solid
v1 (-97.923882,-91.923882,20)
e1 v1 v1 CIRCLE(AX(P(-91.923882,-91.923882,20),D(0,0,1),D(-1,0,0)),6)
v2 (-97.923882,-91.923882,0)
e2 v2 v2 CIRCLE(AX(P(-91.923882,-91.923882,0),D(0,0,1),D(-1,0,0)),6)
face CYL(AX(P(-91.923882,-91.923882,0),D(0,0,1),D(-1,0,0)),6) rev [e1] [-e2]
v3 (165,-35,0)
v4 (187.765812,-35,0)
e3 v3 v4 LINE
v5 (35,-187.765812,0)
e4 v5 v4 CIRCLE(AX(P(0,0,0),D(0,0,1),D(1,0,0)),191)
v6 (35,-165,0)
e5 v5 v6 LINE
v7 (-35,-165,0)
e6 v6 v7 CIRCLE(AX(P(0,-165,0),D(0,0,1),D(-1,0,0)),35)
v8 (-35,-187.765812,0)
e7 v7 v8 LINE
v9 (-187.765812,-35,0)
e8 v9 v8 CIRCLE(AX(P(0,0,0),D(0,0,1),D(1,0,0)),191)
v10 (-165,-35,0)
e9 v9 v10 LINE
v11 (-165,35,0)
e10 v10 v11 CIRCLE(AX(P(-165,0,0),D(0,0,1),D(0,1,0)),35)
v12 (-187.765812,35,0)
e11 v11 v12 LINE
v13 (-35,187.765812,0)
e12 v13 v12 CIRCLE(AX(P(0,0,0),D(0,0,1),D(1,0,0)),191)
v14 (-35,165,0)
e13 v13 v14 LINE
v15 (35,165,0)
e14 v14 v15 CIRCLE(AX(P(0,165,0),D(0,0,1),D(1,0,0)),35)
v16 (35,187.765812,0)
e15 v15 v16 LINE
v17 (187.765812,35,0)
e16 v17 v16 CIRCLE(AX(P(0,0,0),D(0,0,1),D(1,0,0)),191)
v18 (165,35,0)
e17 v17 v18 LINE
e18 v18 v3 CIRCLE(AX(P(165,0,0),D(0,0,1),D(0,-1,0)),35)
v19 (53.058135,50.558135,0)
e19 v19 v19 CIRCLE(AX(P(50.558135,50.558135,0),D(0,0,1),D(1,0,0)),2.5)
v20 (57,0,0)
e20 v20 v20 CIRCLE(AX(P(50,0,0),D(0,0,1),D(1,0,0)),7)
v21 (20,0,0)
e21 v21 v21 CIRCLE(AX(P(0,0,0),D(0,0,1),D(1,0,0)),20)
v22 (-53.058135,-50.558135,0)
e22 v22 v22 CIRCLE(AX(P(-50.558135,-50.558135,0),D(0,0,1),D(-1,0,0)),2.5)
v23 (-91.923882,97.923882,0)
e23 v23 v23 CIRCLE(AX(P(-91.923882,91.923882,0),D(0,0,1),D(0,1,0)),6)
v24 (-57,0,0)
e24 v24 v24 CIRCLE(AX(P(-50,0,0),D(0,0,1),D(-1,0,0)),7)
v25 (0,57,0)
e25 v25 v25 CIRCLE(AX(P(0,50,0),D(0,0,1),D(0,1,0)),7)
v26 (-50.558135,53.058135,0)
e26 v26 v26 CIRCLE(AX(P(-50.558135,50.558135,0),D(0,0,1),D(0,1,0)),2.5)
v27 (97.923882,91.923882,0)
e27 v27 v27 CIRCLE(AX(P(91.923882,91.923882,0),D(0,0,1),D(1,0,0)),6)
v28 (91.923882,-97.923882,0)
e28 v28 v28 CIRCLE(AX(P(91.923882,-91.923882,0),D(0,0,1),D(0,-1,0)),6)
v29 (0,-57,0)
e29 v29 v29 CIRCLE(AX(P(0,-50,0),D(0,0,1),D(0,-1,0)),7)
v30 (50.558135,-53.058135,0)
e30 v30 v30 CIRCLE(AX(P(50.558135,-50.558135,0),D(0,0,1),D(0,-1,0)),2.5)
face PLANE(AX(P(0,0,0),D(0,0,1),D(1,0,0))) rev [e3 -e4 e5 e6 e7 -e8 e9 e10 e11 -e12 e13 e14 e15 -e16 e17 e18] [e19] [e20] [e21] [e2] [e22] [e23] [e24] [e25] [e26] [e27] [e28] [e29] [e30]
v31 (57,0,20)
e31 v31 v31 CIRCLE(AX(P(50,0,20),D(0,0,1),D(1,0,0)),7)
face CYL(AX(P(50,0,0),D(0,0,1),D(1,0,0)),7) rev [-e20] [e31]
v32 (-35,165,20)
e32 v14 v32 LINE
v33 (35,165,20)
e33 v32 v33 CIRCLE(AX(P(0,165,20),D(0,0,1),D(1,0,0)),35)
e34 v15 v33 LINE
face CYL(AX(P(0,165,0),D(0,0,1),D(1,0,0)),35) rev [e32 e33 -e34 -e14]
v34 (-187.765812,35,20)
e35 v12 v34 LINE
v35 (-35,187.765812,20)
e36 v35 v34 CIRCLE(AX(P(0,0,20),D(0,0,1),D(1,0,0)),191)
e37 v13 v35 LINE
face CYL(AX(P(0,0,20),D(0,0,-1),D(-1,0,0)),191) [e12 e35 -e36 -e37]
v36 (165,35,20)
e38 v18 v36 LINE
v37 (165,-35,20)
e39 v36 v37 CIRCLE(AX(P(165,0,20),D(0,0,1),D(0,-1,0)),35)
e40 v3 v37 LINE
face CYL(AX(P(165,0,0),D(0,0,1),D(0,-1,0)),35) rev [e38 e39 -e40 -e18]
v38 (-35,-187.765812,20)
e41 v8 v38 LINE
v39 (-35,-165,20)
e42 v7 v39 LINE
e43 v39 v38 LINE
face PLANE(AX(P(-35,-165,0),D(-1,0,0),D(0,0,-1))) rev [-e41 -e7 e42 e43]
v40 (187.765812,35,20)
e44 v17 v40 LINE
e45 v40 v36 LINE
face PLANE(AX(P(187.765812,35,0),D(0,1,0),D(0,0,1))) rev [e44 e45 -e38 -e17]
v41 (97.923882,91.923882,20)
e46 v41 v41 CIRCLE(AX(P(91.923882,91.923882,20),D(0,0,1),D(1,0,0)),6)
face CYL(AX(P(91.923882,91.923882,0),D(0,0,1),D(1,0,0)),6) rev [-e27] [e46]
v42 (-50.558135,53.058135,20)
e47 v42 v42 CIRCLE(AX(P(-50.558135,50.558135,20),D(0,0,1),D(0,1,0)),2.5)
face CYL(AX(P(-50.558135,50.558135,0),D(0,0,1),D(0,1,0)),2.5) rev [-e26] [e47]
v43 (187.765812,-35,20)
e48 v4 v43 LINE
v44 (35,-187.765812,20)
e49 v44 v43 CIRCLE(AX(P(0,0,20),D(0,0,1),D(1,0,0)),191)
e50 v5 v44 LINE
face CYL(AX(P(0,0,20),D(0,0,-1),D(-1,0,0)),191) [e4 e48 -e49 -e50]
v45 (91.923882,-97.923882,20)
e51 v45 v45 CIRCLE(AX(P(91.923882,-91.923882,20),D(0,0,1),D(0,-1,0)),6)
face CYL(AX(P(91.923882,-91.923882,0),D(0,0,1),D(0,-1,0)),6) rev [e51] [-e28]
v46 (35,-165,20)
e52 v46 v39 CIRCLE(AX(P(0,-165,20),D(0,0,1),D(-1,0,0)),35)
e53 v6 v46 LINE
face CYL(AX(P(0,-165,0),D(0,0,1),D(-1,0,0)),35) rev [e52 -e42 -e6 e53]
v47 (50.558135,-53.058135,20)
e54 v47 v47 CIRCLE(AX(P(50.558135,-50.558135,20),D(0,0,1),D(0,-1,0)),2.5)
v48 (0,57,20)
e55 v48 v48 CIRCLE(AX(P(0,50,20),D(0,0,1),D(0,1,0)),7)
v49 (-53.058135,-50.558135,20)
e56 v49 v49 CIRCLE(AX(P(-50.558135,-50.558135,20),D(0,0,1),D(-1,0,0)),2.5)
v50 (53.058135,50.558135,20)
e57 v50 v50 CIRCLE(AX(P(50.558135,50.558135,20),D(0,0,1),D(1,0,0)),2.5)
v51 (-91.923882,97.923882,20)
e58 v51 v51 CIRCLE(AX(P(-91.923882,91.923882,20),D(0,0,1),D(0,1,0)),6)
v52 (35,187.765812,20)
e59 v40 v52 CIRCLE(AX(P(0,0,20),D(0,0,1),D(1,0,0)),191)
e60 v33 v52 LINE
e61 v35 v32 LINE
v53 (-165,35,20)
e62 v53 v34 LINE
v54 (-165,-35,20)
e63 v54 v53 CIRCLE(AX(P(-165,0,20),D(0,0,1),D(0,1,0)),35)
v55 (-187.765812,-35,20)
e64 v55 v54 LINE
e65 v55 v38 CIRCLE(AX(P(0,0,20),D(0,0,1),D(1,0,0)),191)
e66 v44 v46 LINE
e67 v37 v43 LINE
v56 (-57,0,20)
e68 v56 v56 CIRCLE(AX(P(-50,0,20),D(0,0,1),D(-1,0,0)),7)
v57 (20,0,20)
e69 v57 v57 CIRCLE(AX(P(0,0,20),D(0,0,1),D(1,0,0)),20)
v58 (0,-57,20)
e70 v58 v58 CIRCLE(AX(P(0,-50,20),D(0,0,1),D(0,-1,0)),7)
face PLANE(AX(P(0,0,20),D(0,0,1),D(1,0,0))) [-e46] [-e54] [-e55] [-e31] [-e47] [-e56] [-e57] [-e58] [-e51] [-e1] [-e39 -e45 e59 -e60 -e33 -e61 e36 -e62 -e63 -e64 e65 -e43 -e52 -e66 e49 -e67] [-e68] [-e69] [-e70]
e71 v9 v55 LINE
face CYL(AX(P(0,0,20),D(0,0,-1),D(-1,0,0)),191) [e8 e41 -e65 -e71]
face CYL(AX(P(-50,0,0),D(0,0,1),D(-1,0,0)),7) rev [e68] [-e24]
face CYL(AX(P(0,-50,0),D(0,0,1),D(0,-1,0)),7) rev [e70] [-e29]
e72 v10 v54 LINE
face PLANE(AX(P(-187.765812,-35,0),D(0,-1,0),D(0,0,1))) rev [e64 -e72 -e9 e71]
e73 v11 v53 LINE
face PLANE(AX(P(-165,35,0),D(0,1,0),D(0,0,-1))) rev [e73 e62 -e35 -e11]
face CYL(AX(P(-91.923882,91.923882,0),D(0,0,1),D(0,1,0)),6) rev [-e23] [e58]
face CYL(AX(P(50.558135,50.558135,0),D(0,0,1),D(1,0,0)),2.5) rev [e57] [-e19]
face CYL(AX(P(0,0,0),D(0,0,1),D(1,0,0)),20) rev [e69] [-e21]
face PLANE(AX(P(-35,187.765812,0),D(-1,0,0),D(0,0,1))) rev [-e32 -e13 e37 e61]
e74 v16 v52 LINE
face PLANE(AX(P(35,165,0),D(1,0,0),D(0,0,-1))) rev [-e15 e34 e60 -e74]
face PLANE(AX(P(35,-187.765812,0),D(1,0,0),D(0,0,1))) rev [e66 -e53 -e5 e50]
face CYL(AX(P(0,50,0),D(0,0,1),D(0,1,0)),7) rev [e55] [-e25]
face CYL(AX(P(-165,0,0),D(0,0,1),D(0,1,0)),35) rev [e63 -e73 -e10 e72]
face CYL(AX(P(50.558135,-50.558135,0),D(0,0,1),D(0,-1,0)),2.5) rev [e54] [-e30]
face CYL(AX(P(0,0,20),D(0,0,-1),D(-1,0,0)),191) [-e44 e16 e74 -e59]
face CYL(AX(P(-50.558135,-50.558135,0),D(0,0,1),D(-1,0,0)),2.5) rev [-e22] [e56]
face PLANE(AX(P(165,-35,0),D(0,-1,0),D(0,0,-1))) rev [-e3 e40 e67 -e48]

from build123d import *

# Parameters (mm, degrees)
ESQUISSE1_R                  = 191
BASE_EXTRUSION_DEPTH         = 20
ESQUISSE2_R                  = 20
ENL_V_MAT_EXTRU_1_DEPTH      = 20
ESQUISSE3_R                  = 7
ENL_V_MAT_EXTRU_2_DEPTH      = 20
R_P_TITION_CIRCULAIRE1_COUNT = 4
ESQUISSE4_R                  = 6
ESQUISSE4_R_2                = 2.5
ENL_V_MAT_EXTRU_3_DEPTH      = 20
R_P_TITION_CIRCULAIRE2_COUNT = 4
ENL_V_MAT_EXTRU_4_DEPTH      = 271.854204324
R_P_TITION_CIRCULAIRE3_COUNT = 4


with BuildPart() as part:
    # Esquisse1 → Base-Extrusion (new body)
    with BuildSketch(Plane.XY):
        Circle(ESQUISSE1_R)
    extrude(amount=BASE_EXTRUSION_DEPTH)

    # Esquisse2 → Enlèv. mat.-Extru.1 (cut)
    with BuildSketch(Plane.XY.offset(20)):
        Circle(ESQUISSE2_R)
    extrude(amount=-ENL_V_MAT_EXTRU_1_DEPTH, mode=Mode.SUBTRACT)

    # Esquisse3 → Enlèv. mat.-Extru.2 (cut)
    with BuildSketch(Plane.XY.offset(20)):
        with Locations((50, 0)):
            Circle(ESQUISSE3_R)
    enl_v_mat_extru_2 = extrude(amount=-ENL_V_MAT_EXTRU_2_DEPTH, mode=Mode.SUBTRACT)

    # Répétition circulaire1: Enlèv. mat.-Extru.2 ×4 about axis
    r_p_tition_circulaire1_axis = Axis((0, 0, 0), (0, 0, -1))
    for i in range(1, R_P_TITION_CIRCULAIRE1_COUNT):
        add(enl_v_mat_extru_2.rotate(r_p_tition_circulaire1_axis, i * 360 / R_P_TITION_CIRCULAIRE1_COUNT), mode=Mode.SUBTRACT)

    # Esquisse4 → Enlèv. mat.-Extru.3 (cut)
    with BuildSketch(Plane.XY.offset(20)):
        with Locations((91.923881554, 91.923881554)):
            Circle(ESQUISSE4_R)
        with Locations((50.558134855, 50.558134855)):
            Circle(ESQUISSE4_R_2)
    enl_v_mat_extru_3 = extrude(amount=-ENL_V_MAT_EXTRU_3_DEPTH, mode=Mode.SUBTRACT)

    # Répétition circulaire2: Enlèv. mat.-Extru.3 ×4 about axis
    r_p_tition_circulaire2_axis = Axis((0, 0, 0), (0, 0, -1))
    for i in range(1, R_P_TITION_CIRCULAIRE2_COUNT):
        add(enl_v_mat_extru_3.rotate(r_p_tition_circulaire2_axis, i * 360 / R_P_TITION_CIRCULAIRE2_COUNT), mode=Mode.SUBTRACT)

    # Esquisse5 → Enlèv. mat.-Extru.4 (cut, through all)
    with BuildSketch(Plane.XY.offset(20)):
        with BuildLine():
            Line((-35, 187.765811585), (-35, 165))
            ThreePointArc((-35, 165), (0, 130), (35, 165))
            Line((35, 165), (35, 187.765811585))
            ThreePointArc((35, 187.765811585), (0, 191), (-35, 187.765811585))
        make_face()
    enl_v_mat_extru_4 = extrude(amount=-ENL_V_MAT_EXTRU_4_DEPTH, mode=Mode.SUBTRACT)

    # Répétition circulaire3: Enlèv. mat.-Extru.4 ×4 about axis
    r_p_tition_circulaire3_axis = Axis((0, 0, 0), (0, 0, -1))
    for i in range(1, R_P_TITION_CIRCULAIRE3_COUNT):
        add(enl_v_mat_extru_4.rotate(r_p_tition_circulaire3_axis, i * 360 / R_P_TITION_CIRCULAIRE3_COUNT), mode=Mode.SUBTRACT)


solid = part.part
